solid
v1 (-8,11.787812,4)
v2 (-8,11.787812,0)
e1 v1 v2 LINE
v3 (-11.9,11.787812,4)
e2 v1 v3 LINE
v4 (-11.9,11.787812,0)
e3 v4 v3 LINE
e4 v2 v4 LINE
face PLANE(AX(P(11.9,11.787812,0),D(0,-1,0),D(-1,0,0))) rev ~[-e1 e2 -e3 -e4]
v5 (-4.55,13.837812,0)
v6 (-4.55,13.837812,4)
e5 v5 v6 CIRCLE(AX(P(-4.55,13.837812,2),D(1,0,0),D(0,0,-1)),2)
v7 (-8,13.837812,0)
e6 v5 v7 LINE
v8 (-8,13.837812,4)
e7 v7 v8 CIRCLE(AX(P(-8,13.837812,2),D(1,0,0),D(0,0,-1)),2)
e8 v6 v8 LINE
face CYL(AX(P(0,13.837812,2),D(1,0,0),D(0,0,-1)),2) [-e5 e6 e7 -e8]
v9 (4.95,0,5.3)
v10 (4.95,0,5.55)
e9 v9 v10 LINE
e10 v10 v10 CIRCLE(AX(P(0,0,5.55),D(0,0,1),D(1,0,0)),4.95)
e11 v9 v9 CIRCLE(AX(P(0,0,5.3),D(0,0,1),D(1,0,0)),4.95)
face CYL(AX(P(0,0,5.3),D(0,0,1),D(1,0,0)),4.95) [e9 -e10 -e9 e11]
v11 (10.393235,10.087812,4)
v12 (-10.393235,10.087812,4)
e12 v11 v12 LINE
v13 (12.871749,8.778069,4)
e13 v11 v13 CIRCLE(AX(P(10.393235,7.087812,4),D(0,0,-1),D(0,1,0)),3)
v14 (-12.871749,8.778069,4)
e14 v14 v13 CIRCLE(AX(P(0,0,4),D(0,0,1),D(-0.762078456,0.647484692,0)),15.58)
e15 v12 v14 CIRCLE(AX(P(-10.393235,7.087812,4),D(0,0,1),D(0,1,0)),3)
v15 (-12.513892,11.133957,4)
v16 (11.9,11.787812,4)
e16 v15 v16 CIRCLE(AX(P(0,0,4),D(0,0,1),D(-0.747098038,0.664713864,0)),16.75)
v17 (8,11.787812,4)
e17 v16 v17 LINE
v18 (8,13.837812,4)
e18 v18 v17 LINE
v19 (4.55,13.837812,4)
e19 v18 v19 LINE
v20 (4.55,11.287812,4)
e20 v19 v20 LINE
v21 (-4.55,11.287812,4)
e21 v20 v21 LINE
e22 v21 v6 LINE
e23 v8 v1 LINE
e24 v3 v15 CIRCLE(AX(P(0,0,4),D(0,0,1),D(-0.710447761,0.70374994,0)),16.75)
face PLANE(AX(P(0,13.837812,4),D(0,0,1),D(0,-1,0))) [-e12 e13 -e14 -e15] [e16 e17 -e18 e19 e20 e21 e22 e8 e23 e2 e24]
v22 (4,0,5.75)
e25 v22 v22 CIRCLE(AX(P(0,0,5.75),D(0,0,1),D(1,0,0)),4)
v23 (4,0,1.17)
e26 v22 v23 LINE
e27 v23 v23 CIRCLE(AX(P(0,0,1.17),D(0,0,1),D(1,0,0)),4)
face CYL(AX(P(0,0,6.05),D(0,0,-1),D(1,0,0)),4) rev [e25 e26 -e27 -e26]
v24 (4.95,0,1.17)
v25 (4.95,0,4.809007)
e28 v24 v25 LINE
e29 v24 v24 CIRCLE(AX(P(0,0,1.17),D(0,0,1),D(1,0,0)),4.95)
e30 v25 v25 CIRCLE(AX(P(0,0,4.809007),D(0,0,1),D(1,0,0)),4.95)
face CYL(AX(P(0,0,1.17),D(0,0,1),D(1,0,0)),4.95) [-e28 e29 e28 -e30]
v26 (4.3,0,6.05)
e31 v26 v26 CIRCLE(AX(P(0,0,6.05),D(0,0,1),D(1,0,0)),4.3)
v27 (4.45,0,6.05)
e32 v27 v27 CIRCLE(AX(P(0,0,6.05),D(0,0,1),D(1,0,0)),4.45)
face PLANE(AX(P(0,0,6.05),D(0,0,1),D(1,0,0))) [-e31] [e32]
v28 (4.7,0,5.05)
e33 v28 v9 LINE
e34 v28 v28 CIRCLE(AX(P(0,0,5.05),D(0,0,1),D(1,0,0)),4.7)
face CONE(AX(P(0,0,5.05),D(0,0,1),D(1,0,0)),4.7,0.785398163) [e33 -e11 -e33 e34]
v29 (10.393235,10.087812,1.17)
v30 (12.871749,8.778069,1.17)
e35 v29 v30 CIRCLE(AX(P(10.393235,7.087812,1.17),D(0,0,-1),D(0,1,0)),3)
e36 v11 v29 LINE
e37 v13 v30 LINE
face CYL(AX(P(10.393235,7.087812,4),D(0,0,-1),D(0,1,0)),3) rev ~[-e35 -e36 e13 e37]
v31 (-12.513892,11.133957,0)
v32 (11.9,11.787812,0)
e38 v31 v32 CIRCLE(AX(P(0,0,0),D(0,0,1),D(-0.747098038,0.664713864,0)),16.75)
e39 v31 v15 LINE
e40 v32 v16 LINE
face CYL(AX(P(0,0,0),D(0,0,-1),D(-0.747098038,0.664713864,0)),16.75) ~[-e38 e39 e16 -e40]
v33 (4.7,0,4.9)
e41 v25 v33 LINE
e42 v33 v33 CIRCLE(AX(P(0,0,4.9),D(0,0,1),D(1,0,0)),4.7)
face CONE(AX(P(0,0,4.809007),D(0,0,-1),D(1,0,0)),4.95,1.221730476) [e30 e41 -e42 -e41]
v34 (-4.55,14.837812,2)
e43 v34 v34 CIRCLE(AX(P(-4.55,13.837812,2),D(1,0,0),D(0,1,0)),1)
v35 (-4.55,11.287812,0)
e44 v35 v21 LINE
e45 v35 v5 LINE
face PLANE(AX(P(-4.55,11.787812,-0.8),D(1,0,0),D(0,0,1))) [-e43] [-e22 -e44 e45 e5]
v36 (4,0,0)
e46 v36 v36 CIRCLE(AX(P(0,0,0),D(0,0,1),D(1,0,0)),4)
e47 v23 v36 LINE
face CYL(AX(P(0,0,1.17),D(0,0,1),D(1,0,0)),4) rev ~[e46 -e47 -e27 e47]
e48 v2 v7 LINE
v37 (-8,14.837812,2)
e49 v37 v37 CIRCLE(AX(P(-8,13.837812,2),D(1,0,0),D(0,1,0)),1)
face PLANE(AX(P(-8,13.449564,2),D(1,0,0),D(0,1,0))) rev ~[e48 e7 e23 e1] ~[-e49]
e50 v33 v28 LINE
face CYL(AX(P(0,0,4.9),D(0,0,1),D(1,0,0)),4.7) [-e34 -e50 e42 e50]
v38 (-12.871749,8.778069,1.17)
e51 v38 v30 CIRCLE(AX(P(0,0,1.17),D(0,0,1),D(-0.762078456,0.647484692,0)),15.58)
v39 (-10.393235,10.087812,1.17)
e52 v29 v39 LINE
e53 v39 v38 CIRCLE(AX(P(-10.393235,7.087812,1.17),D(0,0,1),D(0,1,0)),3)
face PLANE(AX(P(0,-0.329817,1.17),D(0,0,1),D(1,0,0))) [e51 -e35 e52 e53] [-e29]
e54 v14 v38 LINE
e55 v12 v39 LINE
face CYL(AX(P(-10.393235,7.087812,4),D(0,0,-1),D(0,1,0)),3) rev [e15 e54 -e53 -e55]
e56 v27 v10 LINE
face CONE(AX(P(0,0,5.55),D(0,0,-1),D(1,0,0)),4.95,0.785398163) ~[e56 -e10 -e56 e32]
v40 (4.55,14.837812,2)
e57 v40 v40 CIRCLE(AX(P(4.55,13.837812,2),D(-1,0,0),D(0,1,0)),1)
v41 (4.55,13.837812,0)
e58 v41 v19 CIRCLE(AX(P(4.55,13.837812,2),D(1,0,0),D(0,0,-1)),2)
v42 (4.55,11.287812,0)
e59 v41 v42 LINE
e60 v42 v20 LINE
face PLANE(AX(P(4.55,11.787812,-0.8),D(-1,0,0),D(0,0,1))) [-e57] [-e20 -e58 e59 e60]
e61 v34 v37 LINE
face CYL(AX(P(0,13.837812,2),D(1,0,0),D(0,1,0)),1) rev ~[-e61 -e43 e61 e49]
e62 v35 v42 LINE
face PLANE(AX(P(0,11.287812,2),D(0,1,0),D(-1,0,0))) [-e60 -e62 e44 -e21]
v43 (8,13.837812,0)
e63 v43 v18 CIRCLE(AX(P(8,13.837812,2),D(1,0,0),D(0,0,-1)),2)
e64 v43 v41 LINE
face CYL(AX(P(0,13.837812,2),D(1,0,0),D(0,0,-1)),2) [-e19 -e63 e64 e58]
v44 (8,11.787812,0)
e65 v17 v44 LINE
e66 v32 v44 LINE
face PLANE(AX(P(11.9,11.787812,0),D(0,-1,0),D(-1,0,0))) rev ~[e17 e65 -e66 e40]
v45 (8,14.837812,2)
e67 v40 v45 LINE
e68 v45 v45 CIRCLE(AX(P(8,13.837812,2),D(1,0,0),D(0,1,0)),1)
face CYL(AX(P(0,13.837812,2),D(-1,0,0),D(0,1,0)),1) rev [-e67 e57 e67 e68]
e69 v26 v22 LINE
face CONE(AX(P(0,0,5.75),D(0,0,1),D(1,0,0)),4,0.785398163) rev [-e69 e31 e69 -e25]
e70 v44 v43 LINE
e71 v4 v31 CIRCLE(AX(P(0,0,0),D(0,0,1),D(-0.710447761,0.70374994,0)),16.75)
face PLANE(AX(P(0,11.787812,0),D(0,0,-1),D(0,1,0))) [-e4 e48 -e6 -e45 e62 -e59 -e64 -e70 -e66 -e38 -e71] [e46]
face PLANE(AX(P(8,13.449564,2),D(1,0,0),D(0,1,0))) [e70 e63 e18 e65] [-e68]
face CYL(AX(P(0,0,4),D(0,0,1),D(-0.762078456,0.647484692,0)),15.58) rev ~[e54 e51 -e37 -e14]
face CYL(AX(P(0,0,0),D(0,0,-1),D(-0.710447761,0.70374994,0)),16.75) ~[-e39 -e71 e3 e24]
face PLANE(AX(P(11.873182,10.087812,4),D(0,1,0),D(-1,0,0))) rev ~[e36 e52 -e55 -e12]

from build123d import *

# Parameters (mm, degrees)
F1_DEPTH       = 4
F3_DEPTH       = 2.83
F6_DEPTH       = 1.171
F7_SIZE        = 0.5
F8_SIZE        = 0.3
F9_R           = 1
F10_DEPTH      = 8
F10_DEPTH_BACK = 8
F11_W          = 9.1
F11_H          = 5.6
F12_DEPTH      = 0.5
F12_DEPTH_BACK = 4.051
F13_R          = 3


with BuildPart() as f1:
    # F0 (on Top) → F1 (new body)
    with BuildSketch(Plane.XY):
        with BuildLine():
            Line((11.9, 11.7878115017), (-11.9, 11.7878115017))
            ThreePointArc((-11.9, 11.7878115017), (-12.2113231748, 11.464993952), (-12.5138921377, 11.1339572285))
            ThreePointArc((-12.5138921377, 11.1339572285), (0.4484386712, -16.7439960212), (11.9, 11.7878115017))
        make_face()
    extrude(amount=F1_DEPTH)

    # F2 (on face) → F3 (cut)
    with BuildSketch(Plane.XY.offset(4)):
        with BuildLine():
            Line((11.8731823496, 10.0878115017), (-11.8731823496, 10.0878115017))
            ThreePointArc((-11.8731823496, 10.0878115017), (0, -15.58), (11.8731823496, 10.0878115017))
        make_face()
    extrude(amount=-F3_DEPTH, mode=Mode.SUBTRACT)

    # F4 (on Front) → F5 (revolve)
    with BuildSketch(Plane.XZ):
        Polygon((4, 1.17), (4.95, 1.17), (4.95, 4.8090074414), (4.7, 4.9), (4.7, 5.05), (4.95, 5.3), (4.95, 6.05), (4, 6.05), align=None)
    revolve(axis=Axis((0, 0, 5.7729503606), (0, 0, 1)))

    # F6 (cut, through all): a face of the model
    f6_faces = [f1.faces().sort_by_distance(p)[0] for p in [
        (0, 0, 1.17),
    ]]
    extrude(f6_faces, amount=-F6_DEPTH, mode=Mode.SUBTRACT)

    # F7
    f7_edges = [f1.edges().sort_by_distance(p)[0] for p in [
        (-4.95, 0, 6.05),
    ]]
    chamfer(f7_edges, length=F7_SIZE)

    # F8
    f8_edges = [f1.edges().sort_by_distance(p)[0] for p in [
        (-4, 0, 6.05),
    ]]
    chamfer(f8_edges, length=F8_SIZE)

    # F9 (on Right) → F10 (join, two sides)
    with BuildSketch(Plane.YZ) as f10_sk:
        with BuildLine():
            Line((13.8378115017, 4), (11.7878115017, 4))
            Line((11.7878115017, 4), (11.7878115017, 0))
            Line((11.7878115017, 0), (13.8378115017, 0))
            ThreePointArc((13.8378115017, 0), (15.8378115017, 2), (13.8378115017, 4))
        make_face()
        with Locations((13.8378115017, 2)):
            Circle(F9_R, mode=Mode.SUBTRACT)
    extrude(amount=F10_DEPTH)
    extrude(f10_sk.sketch, amount=-F10_DEPTH_BACK)

    # F11 (on face) → F12 (cut, two sides)
    with BuildSketch(Plane(origin=(0, 11.7878115017, 0), x_dir=(-1, 0, 0), z_dir=(0, 1, 0))) as f12_sk:
        with Locations((0, 2)):
            Rectangle(F11_W, F11_H)
    extrude(amount=-F12_DEPTH, mode=Mode.SUBTRACT)
    extrude(f12_sk.sketch, amount=F12_DEPTH_BACK, mode=Mode.SUBTRACT)

    # F13
    f13_edges = [f1.edges().sort_by_distance(p)[0] for p in [
        (-11.873182, 10.087812, 2.585),
        (11.873182, 10.087812, 2.585),
    ]]
    fillet(f13_edges, radius=F13_R)


solid = f1.part
